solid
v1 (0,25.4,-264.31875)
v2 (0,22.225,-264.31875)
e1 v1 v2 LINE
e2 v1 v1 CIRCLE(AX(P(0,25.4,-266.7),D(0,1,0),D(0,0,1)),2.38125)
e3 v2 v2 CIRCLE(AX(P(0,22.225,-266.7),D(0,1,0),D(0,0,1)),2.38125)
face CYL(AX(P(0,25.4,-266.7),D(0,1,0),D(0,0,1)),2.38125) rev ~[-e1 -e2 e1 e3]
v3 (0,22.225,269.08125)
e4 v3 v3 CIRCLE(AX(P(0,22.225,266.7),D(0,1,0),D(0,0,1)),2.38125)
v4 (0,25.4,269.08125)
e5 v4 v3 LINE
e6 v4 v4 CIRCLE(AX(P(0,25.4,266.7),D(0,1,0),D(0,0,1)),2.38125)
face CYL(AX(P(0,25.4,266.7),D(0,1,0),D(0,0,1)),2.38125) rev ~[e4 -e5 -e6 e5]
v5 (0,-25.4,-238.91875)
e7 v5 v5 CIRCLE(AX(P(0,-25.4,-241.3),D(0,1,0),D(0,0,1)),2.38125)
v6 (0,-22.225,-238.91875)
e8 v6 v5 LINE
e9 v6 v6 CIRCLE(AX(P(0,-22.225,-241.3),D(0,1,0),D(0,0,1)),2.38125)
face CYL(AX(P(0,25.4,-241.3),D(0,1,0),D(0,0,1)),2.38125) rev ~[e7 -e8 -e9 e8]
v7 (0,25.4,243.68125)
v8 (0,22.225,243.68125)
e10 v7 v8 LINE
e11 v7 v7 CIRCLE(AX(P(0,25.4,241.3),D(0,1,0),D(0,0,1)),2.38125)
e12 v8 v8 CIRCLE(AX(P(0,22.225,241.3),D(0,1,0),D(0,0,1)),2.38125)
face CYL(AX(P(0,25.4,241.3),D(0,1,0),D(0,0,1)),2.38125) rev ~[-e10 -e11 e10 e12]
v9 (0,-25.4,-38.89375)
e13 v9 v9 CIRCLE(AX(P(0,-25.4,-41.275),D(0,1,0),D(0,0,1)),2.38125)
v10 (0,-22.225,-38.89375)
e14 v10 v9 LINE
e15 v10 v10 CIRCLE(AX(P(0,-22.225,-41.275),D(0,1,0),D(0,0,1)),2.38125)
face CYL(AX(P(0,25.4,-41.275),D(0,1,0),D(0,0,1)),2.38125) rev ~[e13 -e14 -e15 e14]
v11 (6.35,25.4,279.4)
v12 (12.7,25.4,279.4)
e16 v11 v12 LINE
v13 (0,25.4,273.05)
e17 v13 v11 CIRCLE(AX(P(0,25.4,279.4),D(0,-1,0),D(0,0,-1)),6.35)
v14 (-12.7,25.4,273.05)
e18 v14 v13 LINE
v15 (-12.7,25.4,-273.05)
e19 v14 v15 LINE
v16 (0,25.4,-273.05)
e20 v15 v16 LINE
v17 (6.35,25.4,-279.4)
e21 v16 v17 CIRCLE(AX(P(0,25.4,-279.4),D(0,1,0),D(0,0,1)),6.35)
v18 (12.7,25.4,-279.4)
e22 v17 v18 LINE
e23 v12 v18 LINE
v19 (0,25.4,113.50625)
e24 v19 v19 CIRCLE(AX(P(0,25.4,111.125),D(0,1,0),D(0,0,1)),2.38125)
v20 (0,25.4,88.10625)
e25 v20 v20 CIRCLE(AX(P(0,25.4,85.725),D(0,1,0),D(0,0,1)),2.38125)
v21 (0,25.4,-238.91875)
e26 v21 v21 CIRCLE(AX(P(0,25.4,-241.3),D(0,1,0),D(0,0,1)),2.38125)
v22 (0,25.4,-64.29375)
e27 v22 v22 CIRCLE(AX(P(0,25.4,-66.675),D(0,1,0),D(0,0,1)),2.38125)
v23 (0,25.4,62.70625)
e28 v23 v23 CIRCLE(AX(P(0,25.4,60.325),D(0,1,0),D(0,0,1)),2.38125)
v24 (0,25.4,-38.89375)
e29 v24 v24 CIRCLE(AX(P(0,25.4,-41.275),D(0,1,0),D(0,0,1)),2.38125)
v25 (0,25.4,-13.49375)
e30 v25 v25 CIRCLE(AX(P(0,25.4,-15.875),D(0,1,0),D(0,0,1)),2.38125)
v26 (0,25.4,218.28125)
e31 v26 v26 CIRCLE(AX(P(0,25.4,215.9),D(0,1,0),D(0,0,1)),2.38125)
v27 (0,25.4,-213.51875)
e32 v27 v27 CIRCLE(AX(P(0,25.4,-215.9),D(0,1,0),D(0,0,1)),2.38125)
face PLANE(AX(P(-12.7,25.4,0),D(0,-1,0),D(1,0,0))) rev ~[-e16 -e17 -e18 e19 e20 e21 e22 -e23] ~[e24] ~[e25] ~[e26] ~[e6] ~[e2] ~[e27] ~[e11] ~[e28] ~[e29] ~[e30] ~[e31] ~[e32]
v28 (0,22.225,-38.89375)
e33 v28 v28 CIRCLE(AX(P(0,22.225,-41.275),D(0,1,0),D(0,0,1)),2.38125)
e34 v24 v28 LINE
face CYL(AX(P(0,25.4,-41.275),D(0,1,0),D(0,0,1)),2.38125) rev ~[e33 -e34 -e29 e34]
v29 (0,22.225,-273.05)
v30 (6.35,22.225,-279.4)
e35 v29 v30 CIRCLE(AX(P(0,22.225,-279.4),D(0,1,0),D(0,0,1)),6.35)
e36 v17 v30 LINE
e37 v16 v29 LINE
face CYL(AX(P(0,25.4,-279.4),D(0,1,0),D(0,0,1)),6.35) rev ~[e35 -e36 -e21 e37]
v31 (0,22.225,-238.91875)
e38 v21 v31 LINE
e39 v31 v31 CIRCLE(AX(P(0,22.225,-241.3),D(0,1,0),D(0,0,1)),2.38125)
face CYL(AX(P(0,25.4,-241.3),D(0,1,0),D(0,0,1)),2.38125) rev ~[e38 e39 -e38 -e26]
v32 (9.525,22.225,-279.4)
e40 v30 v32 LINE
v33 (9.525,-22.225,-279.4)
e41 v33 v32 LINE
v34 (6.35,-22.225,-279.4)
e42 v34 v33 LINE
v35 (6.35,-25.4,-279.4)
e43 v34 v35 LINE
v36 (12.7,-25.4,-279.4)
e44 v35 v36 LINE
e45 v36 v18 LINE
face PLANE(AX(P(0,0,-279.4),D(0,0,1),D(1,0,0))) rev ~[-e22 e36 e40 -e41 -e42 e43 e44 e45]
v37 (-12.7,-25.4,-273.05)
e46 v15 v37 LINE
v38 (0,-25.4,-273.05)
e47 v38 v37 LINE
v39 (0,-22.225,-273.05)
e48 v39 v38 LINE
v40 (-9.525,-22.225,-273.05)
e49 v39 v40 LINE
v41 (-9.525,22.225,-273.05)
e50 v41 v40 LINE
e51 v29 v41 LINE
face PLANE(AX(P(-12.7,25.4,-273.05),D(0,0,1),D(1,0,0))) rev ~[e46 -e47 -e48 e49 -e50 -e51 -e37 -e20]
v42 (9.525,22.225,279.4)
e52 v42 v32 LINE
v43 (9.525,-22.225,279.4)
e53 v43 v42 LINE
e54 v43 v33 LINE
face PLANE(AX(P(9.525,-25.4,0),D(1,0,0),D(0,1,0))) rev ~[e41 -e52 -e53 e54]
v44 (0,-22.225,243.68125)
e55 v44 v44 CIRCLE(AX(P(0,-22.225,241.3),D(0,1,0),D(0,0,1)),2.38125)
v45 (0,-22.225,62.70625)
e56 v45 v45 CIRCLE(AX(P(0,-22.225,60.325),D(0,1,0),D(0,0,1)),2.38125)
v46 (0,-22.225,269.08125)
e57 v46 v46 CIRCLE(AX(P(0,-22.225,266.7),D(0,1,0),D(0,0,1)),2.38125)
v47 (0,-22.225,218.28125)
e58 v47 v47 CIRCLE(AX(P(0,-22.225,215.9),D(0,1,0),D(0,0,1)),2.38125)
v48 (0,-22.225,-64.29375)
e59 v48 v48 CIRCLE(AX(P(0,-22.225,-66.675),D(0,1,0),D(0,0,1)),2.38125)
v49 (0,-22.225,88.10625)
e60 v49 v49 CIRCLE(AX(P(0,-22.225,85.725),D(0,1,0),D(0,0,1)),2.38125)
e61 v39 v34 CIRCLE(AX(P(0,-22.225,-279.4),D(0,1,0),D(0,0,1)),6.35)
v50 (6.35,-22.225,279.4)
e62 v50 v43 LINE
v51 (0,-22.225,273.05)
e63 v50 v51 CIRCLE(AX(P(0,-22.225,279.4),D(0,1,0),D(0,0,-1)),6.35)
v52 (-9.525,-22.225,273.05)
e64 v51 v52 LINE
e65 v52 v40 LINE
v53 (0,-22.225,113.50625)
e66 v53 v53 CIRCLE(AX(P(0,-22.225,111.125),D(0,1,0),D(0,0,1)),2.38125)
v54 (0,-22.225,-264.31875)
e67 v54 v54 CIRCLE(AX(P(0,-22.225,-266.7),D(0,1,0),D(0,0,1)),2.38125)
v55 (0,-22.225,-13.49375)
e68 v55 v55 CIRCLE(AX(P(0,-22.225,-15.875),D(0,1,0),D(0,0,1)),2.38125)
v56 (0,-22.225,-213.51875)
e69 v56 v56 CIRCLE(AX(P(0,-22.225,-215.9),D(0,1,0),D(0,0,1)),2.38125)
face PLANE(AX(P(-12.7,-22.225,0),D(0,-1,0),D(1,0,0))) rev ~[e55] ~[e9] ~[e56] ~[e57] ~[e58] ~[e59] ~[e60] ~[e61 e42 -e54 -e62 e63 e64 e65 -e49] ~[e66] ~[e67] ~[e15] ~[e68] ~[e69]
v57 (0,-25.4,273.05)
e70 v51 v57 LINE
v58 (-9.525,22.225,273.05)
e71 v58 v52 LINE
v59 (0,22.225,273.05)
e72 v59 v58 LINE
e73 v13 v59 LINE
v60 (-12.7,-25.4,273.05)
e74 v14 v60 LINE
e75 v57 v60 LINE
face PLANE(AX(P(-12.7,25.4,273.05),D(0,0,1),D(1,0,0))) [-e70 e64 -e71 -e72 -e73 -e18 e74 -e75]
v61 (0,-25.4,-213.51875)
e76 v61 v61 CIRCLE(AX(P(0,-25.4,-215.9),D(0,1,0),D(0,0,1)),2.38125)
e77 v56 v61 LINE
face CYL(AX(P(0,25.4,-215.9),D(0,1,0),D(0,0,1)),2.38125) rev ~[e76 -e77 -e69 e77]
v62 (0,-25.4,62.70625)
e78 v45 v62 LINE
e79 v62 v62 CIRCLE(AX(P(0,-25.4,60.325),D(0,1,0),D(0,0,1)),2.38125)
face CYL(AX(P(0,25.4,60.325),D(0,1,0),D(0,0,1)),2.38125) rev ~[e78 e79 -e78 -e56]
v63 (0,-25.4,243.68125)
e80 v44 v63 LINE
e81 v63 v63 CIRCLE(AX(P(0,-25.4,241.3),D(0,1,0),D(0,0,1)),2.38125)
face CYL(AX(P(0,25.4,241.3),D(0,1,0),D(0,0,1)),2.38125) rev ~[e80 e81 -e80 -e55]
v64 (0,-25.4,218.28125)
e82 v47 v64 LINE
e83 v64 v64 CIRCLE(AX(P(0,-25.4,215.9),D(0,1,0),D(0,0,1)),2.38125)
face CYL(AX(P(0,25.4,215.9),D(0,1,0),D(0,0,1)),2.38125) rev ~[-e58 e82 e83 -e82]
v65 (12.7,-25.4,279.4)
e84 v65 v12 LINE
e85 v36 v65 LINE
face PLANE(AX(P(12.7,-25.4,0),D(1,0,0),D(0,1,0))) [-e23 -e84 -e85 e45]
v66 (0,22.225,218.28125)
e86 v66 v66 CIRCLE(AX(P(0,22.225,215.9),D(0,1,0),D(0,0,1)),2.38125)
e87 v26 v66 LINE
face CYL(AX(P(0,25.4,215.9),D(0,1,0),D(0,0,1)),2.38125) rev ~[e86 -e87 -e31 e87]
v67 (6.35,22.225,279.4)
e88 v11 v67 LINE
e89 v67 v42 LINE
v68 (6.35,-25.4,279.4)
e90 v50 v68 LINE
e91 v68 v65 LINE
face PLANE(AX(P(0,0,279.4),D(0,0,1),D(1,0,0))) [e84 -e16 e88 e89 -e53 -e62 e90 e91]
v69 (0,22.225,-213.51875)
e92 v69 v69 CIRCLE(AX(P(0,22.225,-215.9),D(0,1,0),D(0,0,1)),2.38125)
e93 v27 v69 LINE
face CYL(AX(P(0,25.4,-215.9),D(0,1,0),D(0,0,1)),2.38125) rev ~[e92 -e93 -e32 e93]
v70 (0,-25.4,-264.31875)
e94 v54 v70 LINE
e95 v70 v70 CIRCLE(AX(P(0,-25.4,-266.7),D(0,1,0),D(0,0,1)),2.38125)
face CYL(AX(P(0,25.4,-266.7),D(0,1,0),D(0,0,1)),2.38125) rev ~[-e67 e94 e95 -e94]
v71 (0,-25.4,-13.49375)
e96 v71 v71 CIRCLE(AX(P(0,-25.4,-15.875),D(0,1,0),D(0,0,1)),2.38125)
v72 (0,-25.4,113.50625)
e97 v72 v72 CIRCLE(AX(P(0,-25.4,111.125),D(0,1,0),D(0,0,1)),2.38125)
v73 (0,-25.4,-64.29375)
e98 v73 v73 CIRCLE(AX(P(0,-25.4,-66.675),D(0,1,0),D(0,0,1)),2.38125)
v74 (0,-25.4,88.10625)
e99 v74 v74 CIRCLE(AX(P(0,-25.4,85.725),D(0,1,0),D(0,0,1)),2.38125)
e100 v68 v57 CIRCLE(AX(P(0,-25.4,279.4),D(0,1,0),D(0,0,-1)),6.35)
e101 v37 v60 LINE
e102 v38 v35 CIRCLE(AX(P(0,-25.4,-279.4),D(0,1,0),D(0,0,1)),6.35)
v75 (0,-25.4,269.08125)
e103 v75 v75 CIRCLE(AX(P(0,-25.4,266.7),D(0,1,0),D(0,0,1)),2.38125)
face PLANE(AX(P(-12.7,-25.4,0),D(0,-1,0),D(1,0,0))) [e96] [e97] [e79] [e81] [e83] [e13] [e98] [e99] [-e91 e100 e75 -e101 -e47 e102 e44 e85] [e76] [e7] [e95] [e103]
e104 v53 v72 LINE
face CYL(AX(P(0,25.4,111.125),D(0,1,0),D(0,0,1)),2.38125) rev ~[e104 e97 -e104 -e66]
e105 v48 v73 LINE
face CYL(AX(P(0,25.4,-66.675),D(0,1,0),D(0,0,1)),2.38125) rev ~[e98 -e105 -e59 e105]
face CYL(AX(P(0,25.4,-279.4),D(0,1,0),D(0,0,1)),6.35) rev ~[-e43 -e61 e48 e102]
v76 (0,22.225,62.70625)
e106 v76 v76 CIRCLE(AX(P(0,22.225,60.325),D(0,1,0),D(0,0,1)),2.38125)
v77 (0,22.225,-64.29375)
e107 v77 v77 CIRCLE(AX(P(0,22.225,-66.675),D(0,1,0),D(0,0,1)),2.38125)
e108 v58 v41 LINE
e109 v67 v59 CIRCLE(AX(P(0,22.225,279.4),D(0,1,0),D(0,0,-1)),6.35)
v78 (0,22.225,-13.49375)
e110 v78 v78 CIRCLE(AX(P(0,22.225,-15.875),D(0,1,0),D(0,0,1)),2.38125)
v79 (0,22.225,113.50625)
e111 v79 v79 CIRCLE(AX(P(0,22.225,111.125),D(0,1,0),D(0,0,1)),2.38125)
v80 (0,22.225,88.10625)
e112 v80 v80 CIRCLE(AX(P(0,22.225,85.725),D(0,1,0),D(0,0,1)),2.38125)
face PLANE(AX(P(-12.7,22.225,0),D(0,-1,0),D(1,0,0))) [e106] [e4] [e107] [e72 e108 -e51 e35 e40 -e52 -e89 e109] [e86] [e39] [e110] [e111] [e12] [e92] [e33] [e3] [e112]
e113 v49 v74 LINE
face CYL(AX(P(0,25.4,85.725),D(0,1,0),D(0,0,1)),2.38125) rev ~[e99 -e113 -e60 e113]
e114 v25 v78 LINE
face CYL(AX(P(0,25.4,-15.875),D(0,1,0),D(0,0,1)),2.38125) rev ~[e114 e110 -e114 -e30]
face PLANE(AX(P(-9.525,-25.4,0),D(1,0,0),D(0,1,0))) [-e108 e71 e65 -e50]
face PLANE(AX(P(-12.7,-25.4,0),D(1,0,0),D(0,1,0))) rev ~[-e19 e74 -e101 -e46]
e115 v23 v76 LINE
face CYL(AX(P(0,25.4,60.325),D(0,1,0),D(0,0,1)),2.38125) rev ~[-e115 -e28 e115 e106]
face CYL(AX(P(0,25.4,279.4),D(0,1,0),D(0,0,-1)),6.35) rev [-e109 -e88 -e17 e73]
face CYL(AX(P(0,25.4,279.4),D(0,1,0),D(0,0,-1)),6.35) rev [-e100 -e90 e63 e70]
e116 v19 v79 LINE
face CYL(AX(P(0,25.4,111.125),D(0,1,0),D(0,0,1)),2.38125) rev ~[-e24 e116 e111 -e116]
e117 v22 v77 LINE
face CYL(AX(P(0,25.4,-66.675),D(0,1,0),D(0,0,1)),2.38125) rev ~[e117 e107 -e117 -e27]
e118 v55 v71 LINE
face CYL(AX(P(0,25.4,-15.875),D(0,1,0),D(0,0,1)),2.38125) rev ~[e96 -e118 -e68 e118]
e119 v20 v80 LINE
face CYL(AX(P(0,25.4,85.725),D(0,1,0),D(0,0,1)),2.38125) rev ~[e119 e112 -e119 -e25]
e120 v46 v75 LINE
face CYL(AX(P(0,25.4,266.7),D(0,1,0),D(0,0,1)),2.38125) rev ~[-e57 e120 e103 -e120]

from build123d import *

# Parameters (mm, degrees)
SKETCH1_W           = 25.4
SKETCH1_H           = 50.8
BOSS_EXTRUDE1_DEPTH = 279.4
SHELL1_T            = -3.175
SKETCH3_R           = 2.38125
CUT_EXTRUDE1_DEPTH  = 285.264471927


with BuildPart() as part:
    # Sketch1 → Boss-Extrude1 (new, symmetric)
    with BuildSketch(Plane.XY):
        Rectangle(SKETCH1_W, SKETCH1_H)
    extrude(amount=BOSS_EXTRUDE1_DEPTH, both=True)

    # Shell1
    shell1_openings = [part.faces().sort_by_distance(p)[0] for p in [
        (0, 0, 279.4),
        (0, 0, -279.4),
    ]]
    offset(amount=SHELL1_T, openings=shell1_openings, kind=Kind.INTERSECTION)

    # Sketch3 → Cut-Extrude1 (cut, through all)
    with BuildSketch(Plane(origin=(0, 25.4, 0), x_dir=(1, 0, 0), z_dir=(0, 1, 0))):
        with Locations(Location((0, 266.7, 0), (0, 0, 270))):
            Circle(SKETCH3_R)
        with Locations(Location((0, 241.3, 0), (0, 0, 270))):
            Circle(SKETCH3_R)
        with Locations(Location((0, 215.9, 0), (0, 0, 270))):
            Circle(SKETCH3_R)
        with Locations(Location((0, -215.9, 0), (0, 0, 270))):
            Circle(SKETCH3_R)
        with Locations(Location((0, -241.3, 0), (0, 0, 270))):
            Circle(SKETCH3_R)
        with Locations(Location((0, -266.7, 0), (0, 0, 270))):
            Circle(SKETCH3_R)
        with Locations(Location((0, 66.675, 0), (0, 0, 270))):
            Circle(SKETCH3_R)
        with Locations(Location((0, 15.875, 0), (0, 0, 270))):
            Circle(SKETCH3_R)
        with Locations(Location((0, 41.275, 0), (0, 0, 270))):
            Circle(SKETCH3_R)
        with Locations(Location((0, -85.725, 0), (0, 0, 270))):
            Circle(SKETCH3_R)
        with Locations(Location((0, -60.325, 0), (0, 0, 270))):
            Circle(SKETCH3_R)
        with Locations(Location((0, -111.125, 0), (0, 0, 270))):
            Circle(SKETCH3_R)
        with BuildLine():
            Line((6.35, 279.4), (-12.7, 279.4))
            Line((-12.7, 279.4), (-12.7, 273.05))
            Line((-12.7, 273.05), (0, 273.05))
            ThreePointArc((0, 273.05), (4.490128061, 274.909871939), (6.35, 279.4))
        make_face()
        with BuildLine():
            Line((-12.7, -273.05), (0, -273.05))
            ThreePointArc((0, -273.05), (4.490128061, -274.909871939), (6.35, -279.4))
            Line((6.35, -279.4), (-12.7, -279.4))
            Line((-12.7, -279.4), (-12.7, -273.05))
        make_face()
    extrude(amount=-CUT_EXTRUDE1_DEPTH, mode=Mode.SUBTRACT)


solid = part.part
